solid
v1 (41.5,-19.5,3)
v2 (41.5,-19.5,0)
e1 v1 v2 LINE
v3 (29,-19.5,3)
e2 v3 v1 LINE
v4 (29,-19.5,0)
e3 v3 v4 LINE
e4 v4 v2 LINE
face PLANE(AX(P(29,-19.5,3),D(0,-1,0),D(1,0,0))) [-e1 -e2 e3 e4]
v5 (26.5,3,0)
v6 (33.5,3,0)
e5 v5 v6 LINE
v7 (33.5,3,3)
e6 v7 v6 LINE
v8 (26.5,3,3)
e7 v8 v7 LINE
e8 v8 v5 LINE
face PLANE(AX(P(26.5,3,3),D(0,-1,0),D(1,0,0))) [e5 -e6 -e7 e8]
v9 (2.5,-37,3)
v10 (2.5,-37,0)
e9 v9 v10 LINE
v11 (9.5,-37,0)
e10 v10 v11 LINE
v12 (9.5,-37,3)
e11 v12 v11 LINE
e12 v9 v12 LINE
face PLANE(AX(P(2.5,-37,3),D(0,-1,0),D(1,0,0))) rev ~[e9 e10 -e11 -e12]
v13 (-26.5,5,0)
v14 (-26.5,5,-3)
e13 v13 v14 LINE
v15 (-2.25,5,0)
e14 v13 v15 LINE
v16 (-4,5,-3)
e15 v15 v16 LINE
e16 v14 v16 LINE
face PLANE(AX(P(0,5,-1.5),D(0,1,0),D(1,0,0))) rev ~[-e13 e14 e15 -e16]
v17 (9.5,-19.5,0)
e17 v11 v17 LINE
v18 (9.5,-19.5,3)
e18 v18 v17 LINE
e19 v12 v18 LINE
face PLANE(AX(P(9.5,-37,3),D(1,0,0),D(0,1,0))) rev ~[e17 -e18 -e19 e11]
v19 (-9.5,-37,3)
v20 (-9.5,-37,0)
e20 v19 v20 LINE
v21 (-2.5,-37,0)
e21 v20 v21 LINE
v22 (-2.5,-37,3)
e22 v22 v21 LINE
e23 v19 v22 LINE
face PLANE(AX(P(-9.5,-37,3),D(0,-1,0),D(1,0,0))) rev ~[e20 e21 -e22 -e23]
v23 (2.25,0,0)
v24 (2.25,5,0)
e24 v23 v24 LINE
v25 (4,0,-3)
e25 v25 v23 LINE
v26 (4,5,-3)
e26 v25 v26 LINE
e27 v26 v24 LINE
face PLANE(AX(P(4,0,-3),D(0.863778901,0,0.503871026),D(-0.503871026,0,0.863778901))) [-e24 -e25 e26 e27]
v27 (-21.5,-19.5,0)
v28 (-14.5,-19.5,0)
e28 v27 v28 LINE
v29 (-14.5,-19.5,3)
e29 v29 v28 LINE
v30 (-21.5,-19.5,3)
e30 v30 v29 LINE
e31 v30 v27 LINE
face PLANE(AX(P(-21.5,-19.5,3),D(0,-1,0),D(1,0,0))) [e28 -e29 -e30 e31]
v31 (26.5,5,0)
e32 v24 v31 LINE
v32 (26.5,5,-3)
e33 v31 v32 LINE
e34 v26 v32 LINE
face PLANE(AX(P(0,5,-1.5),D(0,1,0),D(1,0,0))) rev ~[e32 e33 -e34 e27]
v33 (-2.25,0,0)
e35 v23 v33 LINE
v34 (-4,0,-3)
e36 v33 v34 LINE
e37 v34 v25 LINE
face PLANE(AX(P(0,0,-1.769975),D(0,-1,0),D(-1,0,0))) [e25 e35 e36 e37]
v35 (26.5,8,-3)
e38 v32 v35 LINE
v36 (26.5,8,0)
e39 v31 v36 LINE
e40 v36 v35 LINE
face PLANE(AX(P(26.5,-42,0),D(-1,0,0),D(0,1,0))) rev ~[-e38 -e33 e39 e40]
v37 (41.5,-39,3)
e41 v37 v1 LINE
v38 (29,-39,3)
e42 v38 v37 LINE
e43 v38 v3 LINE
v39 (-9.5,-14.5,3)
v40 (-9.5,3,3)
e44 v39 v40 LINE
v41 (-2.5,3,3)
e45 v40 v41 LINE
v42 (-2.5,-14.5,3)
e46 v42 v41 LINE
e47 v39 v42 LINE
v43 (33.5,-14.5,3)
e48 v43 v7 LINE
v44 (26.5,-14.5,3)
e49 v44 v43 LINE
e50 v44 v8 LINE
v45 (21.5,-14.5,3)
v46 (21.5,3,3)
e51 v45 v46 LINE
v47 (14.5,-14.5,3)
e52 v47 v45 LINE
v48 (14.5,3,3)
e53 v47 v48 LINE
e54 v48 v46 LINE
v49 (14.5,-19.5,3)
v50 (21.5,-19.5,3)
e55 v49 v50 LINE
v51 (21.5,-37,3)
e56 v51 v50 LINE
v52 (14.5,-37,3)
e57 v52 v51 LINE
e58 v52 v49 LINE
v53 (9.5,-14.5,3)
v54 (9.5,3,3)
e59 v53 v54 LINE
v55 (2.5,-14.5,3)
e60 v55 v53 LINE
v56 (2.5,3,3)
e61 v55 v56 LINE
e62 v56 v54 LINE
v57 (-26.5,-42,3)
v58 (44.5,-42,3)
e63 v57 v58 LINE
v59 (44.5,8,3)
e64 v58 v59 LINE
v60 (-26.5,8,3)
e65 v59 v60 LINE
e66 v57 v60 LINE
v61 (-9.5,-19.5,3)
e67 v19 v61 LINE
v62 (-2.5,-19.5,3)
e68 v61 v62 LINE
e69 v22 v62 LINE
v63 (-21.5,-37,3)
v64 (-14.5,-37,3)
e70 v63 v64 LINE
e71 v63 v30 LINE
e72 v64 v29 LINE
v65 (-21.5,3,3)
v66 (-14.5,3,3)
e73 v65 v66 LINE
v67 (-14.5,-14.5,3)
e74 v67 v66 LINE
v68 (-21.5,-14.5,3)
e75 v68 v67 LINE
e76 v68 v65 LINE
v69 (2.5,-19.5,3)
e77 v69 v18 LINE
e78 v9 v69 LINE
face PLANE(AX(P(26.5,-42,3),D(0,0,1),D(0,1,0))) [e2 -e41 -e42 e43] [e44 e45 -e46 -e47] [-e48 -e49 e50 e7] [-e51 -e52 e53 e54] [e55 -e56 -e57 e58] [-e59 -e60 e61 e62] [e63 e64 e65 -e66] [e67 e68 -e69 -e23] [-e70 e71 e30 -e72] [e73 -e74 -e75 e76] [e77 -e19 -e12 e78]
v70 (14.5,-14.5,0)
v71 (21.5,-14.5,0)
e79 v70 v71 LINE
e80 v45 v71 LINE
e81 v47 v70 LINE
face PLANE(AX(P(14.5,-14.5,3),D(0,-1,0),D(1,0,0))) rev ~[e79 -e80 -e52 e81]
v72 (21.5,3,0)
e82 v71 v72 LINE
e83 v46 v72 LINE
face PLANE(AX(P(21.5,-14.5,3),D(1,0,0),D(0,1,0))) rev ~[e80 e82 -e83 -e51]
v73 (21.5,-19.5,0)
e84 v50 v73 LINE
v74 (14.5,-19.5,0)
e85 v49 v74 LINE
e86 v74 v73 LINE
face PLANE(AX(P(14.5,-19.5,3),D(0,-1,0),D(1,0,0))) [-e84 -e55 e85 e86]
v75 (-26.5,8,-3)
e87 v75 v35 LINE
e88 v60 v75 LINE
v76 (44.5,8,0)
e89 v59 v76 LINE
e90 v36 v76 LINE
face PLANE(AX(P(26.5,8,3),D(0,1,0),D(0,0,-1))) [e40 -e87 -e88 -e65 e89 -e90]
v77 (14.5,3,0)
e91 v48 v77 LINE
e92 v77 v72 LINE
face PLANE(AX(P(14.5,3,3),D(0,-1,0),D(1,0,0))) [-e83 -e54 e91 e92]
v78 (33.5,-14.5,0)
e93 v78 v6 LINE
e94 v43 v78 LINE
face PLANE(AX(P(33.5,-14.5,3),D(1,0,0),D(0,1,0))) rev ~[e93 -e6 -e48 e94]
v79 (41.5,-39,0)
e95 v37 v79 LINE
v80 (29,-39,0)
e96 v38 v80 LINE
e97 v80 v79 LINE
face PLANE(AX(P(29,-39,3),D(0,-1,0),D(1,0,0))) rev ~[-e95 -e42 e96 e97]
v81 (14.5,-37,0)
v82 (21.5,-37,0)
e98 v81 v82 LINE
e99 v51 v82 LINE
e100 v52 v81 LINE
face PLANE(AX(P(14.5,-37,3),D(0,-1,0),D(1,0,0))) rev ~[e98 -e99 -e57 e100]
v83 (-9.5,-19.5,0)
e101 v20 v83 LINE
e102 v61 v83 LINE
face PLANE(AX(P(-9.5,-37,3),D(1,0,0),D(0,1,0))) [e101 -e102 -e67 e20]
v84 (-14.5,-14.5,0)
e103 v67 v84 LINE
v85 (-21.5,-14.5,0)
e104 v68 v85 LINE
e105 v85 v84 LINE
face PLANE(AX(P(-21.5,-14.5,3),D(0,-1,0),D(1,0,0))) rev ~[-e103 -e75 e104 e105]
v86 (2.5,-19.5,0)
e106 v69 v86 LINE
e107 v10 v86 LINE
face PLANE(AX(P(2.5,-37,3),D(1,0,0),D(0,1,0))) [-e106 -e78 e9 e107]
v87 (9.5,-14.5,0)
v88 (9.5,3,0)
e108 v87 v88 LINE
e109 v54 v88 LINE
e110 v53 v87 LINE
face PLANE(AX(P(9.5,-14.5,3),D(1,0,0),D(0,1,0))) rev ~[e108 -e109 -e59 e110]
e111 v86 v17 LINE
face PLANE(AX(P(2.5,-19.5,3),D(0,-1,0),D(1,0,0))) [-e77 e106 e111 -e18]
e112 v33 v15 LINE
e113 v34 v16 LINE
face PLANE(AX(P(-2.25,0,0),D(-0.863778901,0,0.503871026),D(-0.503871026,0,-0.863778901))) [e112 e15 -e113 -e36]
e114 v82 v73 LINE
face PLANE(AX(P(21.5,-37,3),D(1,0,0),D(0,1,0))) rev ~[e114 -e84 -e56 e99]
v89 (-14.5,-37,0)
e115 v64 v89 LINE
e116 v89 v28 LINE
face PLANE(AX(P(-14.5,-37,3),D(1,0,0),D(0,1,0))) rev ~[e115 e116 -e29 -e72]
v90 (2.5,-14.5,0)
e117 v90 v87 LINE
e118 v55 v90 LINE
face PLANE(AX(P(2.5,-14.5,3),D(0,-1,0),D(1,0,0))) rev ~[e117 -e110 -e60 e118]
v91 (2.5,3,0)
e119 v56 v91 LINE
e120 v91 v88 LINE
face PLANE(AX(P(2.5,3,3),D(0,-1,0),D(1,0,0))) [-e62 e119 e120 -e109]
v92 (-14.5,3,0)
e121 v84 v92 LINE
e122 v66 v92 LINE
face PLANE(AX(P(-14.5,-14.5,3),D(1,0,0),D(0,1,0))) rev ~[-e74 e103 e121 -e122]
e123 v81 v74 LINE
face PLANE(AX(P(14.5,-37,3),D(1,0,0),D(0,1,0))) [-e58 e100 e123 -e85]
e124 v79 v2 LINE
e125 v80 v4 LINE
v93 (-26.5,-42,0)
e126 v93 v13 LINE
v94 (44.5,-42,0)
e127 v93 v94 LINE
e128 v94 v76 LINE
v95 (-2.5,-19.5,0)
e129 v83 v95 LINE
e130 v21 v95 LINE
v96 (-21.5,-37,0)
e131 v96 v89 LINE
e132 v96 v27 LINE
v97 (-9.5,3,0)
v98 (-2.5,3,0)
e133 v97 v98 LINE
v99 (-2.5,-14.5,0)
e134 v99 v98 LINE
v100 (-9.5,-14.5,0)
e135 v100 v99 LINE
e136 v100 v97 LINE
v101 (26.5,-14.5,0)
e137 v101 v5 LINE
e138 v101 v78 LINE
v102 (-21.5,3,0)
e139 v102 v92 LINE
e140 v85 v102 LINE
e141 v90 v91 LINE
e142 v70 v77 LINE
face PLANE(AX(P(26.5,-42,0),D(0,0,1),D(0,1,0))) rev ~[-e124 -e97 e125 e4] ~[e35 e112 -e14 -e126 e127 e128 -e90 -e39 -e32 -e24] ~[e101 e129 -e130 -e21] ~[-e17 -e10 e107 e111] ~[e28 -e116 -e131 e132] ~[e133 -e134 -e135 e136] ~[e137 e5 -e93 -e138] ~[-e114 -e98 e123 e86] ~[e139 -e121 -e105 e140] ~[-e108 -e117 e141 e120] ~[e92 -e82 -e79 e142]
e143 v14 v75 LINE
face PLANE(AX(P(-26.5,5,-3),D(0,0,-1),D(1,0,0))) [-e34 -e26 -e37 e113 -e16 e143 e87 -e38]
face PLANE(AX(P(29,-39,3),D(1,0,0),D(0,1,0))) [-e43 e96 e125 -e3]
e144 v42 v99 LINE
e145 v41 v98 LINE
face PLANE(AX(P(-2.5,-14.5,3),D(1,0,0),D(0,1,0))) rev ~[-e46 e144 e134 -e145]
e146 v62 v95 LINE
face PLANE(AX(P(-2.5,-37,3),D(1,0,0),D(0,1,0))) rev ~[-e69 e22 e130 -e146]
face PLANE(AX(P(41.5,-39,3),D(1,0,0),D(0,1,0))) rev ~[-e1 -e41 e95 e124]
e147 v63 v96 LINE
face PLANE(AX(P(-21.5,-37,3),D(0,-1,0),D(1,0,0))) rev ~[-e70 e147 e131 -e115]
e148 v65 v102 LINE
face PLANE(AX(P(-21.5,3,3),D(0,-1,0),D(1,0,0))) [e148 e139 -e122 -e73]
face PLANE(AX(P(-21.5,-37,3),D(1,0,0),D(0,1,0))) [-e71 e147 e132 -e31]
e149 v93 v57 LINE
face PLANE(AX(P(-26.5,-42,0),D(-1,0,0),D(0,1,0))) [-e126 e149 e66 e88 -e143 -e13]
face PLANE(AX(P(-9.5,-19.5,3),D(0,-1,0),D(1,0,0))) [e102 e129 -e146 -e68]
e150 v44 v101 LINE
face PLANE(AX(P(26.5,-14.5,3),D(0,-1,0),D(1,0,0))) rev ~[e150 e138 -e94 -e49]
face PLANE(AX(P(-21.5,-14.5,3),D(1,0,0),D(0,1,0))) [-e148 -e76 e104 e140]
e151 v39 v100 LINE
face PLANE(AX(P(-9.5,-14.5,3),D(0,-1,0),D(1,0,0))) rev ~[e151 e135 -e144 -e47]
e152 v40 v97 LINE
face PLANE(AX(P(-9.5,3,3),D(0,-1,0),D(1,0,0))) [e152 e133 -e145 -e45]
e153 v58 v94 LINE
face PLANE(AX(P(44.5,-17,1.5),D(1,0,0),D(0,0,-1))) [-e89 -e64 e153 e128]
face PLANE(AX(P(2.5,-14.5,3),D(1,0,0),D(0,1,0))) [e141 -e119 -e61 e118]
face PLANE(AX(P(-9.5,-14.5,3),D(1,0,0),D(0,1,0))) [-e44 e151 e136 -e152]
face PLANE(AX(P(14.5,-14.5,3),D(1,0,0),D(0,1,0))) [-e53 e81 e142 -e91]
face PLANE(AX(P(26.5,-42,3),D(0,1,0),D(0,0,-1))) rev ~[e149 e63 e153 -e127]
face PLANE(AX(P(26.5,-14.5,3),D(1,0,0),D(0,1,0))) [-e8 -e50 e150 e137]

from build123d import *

# Parameters (mm, degrees)
EXTRUDE_1_DEPTH     = 5
SKETCH_2_W          = 53
SKETCH_2_H          = 3
EXTRUDE_2_DEPTH     = 3
SKETCH_3_W          = 53
SKETCH_3_H          = 50
EXTRUDE_3_DEPTH     = 3
SKETCH_4_W          = 3
SKETCH_4_H          = 50
EXTRUDE_4_DEPTH     = 18
SKETCH_5_W          = 7
SKETCH_5_H          = 17.5
CUT_EXTRUDE_1_DEPTH = 3
SKETCH_7_W          = 12.5
SKETCH_7_H          = 19.5
CUT_EXTRUDE_2_DEPTH = 3


with BuildPart() as part:
    # Эскиз1 → Бобышка-Вытянуть1 (new body)
    with BuildSketch(Plane(origin=(0, 0, 0), x_dir=(1, 0, 0), z_dir=(0, 1, 0))):
        Polygon((2.25, 0), (-2.25, 0), (-4, 3), (4, 3), align=None)
    extrude(amount=EXTRUDE_1_DEPTH)

    # Эскиз2 → Бобышка-Вытянуть2 (add)
    with BuildSketch(Plane(origin=(0, 5, 0), x_dir=(1, 0, 0), z_dir=(0, 1, 0))):
        with Locations((0, 1.5)):
            Rectangle(SKETCH_2_W, SKETCH_2_H)
    extrude(amount=EXTRUDE_2_DEPTH)

    # Эскиз3 → Бобышка-Вытянуть3 (add)
    with BuildSketch(Plane.XY):
        with Locations((0, -17)):
            Rectangle(SKETCH_3_W, SKETCH_3_H)
    extrude(amount=EXTRUDE_3_DEPTH)

    # Эскиз4 → Бобышка-Вытянуть4 (add)
    with BuildSketch(Plane(origin=(26.5, 0, 0), x_dir=(0, 0, -1), z_dir=(1, 0, 0))):
        with Locations((-1.5, -17)):
            Rectangle(SKETCH_4_W, SKETCH_4_H)
    extrude(amount=EXTRUDE_4_DEPTH)

    # Эскиз5 → Вырез-Вытянуть1 (cut)
    with BuildSketch(Plane.XY.offset(3)):
        with Locations((-18, -5.75)):
            Rectangle(SKETCH_5_W, SKETCH_5_H)
        with Locations((-18, -28.25)):
            Rectangle(SKETCH_5_W, SKETCH_5_H)
        with Locations((6, -5.75)):
            Rectangle(SKETCH_5_W, SKETCH_5_H)
        with Locations((6, -28.25)):
            Rectangle(SKETCH_5_W, SKETCH_5_H)
        with Locations((-6, -5.75)):
            Rectangle(SKETCH_5_W, SKETCH_5_H)
        with Locations((-6, -28.25)):
            Rectangle(SKETCH_5_W, SKETCH_5_H)
        with Locations((30, -5.75)):
            Rectangle(SKETCH_5_W, SKETCH_5_H)
        with Locations((18, -5.75)):
            Rectangle(SKETCH_5_W, SKETCH_5_H)
        with Locations((18, -28.25)):
            Rectangle(SKETCH_5_W, SKETCH_5_H)
    extrude(amount=-CUT_EXTRUDE_1_DEPTH, mode=Mode.SUBTRACT)

    # Эскиз7 → Вырез-Вытянуть2 (cut)
    with BuildSketch(Plane.XY.offset(3)):
        with Locations((35.25, -29.25)):
            Rectangle(SKETCH_7_W, SKETCH_7_H)
    extrude(amount=-CUT_EXTRUDE_2_DEPTH, mode=Mode.SUBTRACT)


solid = part.part
